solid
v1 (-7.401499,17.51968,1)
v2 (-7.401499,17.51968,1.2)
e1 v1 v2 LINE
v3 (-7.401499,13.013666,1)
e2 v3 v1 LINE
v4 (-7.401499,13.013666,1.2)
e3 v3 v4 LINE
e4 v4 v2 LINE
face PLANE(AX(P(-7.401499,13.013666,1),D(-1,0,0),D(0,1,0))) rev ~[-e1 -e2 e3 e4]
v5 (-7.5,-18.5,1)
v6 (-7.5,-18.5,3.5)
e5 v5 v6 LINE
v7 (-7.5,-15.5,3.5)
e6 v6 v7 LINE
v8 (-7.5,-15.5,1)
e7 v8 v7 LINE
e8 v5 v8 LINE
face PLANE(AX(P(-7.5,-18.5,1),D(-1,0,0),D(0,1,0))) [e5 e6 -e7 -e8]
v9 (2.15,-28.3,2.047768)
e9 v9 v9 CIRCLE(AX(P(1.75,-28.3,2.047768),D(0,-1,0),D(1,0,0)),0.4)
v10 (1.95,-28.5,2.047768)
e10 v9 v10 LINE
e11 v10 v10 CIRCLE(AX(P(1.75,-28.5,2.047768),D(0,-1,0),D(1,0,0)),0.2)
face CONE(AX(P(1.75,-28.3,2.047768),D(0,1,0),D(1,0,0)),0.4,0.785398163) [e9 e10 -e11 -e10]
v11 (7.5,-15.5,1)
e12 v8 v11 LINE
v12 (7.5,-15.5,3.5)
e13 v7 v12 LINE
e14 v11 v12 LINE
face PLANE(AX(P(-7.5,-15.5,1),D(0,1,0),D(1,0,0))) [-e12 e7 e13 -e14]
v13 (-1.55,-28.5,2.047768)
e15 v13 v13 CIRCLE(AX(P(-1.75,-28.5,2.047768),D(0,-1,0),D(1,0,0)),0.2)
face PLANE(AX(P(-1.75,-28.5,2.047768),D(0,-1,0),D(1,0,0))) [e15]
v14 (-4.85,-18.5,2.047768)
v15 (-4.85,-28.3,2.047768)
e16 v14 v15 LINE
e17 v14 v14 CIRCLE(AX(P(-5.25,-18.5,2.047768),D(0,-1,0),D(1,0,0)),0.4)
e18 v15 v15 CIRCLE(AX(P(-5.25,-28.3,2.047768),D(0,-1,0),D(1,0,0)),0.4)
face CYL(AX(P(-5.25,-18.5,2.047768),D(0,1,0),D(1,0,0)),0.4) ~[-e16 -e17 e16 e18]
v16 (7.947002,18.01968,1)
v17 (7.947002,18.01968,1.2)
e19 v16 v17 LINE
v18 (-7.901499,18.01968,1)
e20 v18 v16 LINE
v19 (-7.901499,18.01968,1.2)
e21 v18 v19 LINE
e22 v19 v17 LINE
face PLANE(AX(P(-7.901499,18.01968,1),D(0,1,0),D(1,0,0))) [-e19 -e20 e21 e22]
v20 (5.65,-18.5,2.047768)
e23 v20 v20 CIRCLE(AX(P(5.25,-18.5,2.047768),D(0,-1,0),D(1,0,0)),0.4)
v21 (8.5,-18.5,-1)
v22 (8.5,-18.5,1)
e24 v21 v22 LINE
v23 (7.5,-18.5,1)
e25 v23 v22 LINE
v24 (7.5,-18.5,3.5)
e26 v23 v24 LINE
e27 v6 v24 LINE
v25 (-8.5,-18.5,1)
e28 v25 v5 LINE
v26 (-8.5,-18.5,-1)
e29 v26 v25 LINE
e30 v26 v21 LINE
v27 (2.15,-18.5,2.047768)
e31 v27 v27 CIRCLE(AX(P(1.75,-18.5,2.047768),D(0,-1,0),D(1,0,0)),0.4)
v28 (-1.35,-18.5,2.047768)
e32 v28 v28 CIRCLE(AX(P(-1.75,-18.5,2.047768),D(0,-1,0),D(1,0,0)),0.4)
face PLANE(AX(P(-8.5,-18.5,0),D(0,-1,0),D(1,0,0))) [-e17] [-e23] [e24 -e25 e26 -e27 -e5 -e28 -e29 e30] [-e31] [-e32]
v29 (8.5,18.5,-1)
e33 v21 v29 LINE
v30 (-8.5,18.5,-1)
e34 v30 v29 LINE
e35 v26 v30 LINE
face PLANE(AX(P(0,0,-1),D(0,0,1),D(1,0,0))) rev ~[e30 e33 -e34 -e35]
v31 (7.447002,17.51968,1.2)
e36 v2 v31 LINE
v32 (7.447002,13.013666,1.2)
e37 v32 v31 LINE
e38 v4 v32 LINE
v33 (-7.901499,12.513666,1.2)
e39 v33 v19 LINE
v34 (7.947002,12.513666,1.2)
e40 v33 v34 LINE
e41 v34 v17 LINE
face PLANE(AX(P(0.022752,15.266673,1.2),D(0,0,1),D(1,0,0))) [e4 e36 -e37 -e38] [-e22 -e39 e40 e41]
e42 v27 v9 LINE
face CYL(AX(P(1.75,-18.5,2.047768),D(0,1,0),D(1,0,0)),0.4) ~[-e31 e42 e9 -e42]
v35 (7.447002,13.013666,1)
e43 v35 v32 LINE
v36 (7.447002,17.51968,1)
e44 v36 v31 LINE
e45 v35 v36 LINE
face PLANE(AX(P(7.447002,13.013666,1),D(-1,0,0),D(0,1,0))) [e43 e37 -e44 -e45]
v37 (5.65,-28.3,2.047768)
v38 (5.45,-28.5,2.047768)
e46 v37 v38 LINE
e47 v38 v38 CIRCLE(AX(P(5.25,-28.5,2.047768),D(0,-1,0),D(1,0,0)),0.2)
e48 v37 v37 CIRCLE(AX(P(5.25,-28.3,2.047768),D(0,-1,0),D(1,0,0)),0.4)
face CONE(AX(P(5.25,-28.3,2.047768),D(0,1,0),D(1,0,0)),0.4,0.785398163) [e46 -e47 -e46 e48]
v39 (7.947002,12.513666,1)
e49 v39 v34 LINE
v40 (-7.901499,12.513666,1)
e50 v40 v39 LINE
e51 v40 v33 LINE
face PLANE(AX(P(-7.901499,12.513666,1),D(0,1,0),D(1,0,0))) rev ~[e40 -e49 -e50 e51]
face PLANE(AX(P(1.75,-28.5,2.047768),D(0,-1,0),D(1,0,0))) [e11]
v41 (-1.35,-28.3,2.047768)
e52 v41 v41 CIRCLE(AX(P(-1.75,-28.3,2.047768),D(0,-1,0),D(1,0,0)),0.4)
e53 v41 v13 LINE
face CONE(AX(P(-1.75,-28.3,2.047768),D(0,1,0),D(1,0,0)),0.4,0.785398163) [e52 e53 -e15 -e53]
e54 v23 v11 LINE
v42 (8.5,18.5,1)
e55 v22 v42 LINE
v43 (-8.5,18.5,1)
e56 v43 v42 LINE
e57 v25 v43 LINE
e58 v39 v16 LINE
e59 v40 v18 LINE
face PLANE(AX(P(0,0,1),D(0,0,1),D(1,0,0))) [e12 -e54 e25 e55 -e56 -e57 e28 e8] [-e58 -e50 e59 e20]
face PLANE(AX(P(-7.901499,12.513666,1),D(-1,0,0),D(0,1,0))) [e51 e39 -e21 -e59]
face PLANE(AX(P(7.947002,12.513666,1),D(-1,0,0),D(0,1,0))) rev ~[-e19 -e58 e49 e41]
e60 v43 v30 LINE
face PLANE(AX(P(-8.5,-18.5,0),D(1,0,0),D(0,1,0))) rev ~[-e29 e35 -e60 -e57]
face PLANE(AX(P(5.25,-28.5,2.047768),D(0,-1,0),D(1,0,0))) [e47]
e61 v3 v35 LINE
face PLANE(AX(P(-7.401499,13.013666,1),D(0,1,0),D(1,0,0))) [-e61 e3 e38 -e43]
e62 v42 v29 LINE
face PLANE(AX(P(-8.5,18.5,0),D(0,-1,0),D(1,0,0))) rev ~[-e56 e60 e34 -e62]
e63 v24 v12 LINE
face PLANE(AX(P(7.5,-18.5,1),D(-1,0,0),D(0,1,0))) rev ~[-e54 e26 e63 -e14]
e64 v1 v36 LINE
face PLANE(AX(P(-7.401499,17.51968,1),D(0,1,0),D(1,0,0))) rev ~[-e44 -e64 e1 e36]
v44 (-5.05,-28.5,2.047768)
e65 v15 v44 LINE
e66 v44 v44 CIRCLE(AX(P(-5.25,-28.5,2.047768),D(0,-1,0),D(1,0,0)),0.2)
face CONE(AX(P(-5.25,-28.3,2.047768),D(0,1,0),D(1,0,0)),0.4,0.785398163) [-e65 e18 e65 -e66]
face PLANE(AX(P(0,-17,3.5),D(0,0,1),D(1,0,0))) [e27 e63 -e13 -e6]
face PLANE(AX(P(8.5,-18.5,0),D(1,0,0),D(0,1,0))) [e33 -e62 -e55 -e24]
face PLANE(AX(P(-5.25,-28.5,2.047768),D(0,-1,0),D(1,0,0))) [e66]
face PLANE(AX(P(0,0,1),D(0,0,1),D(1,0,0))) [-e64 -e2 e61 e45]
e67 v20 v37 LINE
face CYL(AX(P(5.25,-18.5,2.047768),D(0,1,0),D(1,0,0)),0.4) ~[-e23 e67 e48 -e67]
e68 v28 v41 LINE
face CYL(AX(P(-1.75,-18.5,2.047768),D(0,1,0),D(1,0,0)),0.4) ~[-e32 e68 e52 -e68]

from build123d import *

# Parameters (mm, degrees)
F0_W     = 17
F0_H     = 37
F1_DEPTH = 1
F2_W     = 15
F2_H     = 3
F3_DEPTH = 2.5
F4_R     = 0.4
F5_DEPTH = 10
F6_SIZE  = 0.2
F7_W     = 15.8485004902
F7_H     = 5.5060135201
F7_W_2   = 14.8485004902
F7_H_2   = 4.5060135201
F8_DEPTH = 0.2


with BuildPart() as f1:
    # F0 (on Top) → F1 (new body, symmetric)
    with BuildSketch(Plane.XY):
        Rectangle(F0_W, F0_H)
    extrude(amount=F1_DEPTH, both=True)

    # F2 (on face) → F3 (join)
    with BuildSketch(Plane.XY.offset(1)):
        with Locations((0, -17)):
            Rectangle(F2_W, F2_H)
    extrude(amount=F3_DEPTH)

    # F4 (on face) → F5 (join)
    with BuildSketch(Plane.XZ.offset(18.5)):
        with Locations((-5.25, 2.0477680955)):
            Circle(F4_R)
        with Locations((-1.75, 2.0477680955)):
            Circle(F4_R)
        with Locations((1.75, 2.0477680955)):
            Circle(F4_R)
        with Locations((5.25, 2.0477680955)):
            Circle(F4_R)
    extrude(amount=F5_DEPTH)

    # F6
    f6_edges = [f1.edges().sort_by_distance(p)[0] for p in [
        (-5.65, -28.5, 2.047768),
        (-2.15, -28.5, 2.047768),
        (1.35, -28.5, 2.047768),
        (4.85, -28.5, 2.047768),
    ]]
    chamfer(f6_edges, length=F6_SIZE)

    # F7 (on face) → F8 (join)
    with BuildSketch(Plane.XY.offset(1)):
        with Locations((0.0227517448, 15.2666731738)):
            Rectangle(F7_W, F7_H)
        with Locations((0.0227517448, 15.2666731738)):
            Rectangle(F7_W_2, F7_H_2, mode=Mode.SUBTRACT)
    extrude(amount=F8_DEPTH)


solid = f1.part
